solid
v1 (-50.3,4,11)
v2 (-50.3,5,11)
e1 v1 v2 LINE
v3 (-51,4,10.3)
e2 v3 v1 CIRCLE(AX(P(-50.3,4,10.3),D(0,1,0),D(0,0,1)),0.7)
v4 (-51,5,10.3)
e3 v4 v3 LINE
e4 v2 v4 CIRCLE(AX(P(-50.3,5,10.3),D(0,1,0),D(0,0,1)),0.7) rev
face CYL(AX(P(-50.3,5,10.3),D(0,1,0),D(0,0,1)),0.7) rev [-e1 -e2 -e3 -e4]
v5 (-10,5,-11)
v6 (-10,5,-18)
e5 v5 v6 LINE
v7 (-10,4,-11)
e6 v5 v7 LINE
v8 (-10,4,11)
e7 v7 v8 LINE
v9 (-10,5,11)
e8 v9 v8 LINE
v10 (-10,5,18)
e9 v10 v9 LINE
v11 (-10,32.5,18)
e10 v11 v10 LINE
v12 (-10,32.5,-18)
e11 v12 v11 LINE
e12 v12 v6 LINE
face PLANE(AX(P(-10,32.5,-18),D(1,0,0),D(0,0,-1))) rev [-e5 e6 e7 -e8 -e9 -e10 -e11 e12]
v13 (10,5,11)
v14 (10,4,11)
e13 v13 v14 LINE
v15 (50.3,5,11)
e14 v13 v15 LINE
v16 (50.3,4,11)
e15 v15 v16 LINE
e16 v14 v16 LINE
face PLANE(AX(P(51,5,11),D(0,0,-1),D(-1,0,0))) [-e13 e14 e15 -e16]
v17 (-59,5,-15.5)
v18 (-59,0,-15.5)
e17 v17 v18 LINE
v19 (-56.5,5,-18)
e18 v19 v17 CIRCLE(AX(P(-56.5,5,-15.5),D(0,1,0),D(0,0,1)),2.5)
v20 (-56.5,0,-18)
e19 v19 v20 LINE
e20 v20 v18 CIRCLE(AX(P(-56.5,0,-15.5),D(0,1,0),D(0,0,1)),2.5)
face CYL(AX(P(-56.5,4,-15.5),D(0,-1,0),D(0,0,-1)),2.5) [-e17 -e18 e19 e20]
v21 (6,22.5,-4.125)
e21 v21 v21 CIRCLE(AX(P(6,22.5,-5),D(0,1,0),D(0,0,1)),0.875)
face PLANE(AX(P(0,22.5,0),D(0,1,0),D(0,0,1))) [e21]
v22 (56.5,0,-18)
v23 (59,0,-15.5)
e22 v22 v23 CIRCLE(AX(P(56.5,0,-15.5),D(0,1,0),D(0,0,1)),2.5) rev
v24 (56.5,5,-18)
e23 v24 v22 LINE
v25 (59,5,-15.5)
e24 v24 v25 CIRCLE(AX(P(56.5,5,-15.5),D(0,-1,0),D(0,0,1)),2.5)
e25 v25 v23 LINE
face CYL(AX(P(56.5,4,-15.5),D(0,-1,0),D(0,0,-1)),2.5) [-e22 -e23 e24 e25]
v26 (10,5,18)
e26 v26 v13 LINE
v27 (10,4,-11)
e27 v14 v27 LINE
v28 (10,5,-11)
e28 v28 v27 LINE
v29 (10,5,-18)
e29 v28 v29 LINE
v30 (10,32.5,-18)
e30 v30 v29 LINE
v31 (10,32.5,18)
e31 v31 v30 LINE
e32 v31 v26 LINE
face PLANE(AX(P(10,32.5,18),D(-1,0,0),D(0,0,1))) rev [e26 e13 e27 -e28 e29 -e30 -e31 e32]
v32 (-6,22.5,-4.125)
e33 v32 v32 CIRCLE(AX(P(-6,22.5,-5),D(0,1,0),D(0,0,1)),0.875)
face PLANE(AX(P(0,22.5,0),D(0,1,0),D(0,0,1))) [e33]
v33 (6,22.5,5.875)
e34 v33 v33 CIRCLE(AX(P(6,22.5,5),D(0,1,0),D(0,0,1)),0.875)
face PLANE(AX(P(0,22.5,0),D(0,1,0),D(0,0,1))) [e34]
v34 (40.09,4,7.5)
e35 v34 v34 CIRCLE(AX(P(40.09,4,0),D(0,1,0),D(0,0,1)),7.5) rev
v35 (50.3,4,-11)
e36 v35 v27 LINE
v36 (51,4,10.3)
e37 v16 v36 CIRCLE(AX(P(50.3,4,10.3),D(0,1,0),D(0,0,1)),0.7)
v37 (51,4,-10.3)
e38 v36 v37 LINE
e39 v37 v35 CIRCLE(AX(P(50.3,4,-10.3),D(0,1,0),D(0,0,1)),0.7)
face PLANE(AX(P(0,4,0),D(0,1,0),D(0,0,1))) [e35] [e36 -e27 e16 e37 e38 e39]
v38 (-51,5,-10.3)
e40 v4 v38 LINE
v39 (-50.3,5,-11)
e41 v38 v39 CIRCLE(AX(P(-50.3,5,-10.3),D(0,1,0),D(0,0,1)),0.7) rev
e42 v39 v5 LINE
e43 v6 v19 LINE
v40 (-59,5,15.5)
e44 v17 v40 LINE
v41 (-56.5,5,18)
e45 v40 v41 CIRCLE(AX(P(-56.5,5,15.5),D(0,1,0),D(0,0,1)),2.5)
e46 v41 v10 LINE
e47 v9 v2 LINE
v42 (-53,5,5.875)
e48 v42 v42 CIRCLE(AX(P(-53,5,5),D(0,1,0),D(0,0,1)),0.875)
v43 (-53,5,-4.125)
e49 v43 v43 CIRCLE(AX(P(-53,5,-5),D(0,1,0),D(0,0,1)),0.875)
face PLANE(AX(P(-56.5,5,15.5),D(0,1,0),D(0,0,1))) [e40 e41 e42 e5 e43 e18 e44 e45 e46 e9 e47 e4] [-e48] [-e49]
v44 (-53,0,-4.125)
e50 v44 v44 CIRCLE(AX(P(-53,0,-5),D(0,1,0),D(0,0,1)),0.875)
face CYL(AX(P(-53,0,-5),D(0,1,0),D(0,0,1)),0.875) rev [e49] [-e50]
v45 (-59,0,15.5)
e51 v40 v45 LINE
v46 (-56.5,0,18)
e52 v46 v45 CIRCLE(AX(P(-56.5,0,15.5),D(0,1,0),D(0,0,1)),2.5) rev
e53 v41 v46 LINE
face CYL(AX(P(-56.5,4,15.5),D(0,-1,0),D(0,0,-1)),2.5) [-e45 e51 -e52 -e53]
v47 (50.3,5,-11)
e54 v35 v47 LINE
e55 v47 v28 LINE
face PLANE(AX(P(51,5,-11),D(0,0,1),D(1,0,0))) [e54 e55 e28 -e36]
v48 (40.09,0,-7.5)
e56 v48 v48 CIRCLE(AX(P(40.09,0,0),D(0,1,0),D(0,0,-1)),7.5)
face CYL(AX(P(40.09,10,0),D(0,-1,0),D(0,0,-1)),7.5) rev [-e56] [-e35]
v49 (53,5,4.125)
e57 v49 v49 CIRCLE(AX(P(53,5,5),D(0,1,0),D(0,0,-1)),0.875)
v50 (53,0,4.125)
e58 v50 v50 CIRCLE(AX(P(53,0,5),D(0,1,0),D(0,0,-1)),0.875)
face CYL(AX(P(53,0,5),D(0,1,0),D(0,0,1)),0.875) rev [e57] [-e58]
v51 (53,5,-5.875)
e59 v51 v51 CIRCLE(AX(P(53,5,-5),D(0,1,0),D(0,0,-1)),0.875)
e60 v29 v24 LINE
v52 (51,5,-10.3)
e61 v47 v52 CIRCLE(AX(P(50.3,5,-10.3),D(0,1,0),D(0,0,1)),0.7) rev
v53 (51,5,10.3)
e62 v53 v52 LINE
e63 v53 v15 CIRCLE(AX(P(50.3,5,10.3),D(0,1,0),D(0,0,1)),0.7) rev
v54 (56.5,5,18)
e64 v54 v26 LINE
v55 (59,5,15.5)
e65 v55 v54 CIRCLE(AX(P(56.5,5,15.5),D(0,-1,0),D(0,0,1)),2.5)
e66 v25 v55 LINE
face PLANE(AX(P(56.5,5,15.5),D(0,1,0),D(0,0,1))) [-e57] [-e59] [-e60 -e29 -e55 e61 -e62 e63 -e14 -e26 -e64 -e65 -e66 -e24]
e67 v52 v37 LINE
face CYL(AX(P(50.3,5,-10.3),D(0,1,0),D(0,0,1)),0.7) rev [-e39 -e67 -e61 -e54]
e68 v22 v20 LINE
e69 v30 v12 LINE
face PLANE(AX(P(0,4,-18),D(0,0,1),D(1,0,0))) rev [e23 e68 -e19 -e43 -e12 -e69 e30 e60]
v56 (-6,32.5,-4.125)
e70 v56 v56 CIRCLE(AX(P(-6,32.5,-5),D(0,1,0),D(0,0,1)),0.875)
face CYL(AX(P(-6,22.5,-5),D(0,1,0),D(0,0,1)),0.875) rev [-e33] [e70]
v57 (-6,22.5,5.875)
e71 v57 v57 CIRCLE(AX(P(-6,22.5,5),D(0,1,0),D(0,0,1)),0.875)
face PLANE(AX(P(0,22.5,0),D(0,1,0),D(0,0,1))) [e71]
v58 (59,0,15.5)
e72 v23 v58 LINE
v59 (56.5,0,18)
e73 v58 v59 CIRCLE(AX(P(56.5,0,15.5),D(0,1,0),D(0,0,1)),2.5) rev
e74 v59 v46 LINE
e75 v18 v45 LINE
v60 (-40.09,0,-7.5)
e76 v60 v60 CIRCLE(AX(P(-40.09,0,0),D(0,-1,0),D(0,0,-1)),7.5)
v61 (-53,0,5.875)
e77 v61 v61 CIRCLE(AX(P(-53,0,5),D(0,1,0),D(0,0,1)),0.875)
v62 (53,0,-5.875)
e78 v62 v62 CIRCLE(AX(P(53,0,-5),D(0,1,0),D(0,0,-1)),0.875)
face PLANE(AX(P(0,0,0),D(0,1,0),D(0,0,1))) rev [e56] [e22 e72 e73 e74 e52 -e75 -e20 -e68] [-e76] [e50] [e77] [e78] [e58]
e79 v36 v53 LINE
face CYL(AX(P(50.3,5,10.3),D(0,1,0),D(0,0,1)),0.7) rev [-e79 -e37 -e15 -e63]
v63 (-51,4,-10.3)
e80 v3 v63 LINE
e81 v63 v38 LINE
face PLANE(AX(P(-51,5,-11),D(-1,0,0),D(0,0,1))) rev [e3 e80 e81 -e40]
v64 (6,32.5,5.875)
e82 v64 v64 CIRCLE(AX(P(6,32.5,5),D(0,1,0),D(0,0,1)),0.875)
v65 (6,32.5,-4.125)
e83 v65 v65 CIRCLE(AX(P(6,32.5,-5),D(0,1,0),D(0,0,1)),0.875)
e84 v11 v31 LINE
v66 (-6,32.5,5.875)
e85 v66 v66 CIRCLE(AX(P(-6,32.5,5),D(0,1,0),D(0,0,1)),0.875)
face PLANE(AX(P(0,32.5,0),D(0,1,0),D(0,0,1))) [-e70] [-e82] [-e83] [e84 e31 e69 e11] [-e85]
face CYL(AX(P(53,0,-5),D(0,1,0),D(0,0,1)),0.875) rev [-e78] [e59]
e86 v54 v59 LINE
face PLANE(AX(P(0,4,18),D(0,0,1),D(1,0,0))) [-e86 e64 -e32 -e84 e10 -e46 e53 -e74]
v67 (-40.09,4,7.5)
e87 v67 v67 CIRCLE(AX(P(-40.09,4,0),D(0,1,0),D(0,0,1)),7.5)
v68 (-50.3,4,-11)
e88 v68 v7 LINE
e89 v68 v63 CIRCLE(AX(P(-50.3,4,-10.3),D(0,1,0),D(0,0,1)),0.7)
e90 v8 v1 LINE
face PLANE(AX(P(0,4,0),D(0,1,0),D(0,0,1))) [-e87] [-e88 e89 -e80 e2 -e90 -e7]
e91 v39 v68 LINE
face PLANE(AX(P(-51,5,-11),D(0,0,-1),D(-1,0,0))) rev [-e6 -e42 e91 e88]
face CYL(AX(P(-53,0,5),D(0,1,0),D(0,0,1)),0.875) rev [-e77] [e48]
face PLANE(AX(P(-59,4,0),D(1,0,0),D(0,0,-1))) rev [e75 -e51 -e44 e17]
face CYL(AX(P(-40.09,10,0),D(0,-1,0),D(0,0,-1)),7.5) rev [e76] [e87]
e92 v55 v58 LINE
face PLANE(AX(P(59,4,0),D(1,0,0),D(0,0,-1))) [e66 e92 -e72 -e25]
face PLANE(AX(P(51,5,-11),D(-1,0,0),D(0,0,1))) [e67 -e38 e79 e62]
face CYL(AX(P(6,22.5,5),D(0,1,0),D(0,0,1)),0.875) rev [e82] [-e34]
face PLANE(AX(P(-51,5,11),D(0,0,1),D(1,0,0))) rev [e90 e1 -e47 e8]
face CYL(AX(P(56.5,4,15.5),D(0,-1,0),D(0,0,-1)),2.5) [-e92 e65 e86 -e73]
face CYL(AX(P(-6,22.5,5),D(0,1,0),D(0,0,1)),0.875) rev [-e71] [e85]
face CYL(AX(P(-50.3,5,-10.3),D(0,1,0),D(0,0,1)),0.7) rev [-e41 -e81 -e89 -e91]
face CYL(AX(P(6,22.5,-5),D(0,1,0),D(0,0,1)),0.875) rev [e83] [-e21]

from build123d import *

# Parameters (mm, degrees)
SKETCH1_W            = 20
SKETCH1_H            = 36
BOSS_EXTRUDE1_DEPTH  = 4
SKETCH2_W            = 20
SKETCH2_H            = 36
BOSS_EXTRUDE2_DEPTH  = 28.5
BOSS_EXTRUDE3_DEPTH  = 1
FILLET1_R            = 0.7
FILLET3_R            = 0.7
FILLET3_OF_MIRROR3_R = 0.7
FILLET4_R            = 0.7
SKETCH14_R           = 0.875
CUT_EXTRUDE3_DEPTH   = 68.537026882
SKETCH16_R           = 7.5
CUT_EXTRUDE4_DEPTH   = 10
SKETCH18_R           = 0.875
CUT_EXTRUDE5_DEPTH   = 10


with BuildPart() as part:
    # Sketch1 → Boss-Extrude1 (new body)
    with BuildSketch(Plane(origin=(0, 0, 0), x_dir=(1, 0, 0), z_dir=(0, 1, 0))):
        with BuildLine():
            Line((-10, -18), (-10, 18))
            Line((-10, 18), (-56.5, 18))
            ThreePointArc((-56.5, 18), (-58.267766953, 17.267766953), (-59, 15.5))
            Line((-59, 15.5), (-59, -15.5))
            ThreePointArc((-59, -15.5), (-58.267766953, -17.267766953), (-56.5, -18))
            Line((-56.5, -18), (-10, -18))
        make_face()
        Rectangle(SKETCH1_W, SKETCH1_H)
        with BuildLine():
            ThreePointArc((59, 15.5), (58.267766953, 17.267766953), (56.5, 18))
            Line((56.5, 18), (10, 18))
            Line((10, 18), (10, -18))
            Line((10, -18), (56.5, -18))
            ThreePointArc((56.5, -18), (58.267766953, -17.267766953), (59, -15.5))
            Line((59, -15.5), (59, 15.5))
        make_face()
    extrude(amount=BOSS_EXTRUDE1_DEPTH)

    # Sketch2 → Boss-Extrude2 (add)
    with BuildSketch(Plane(origin=(0, 4, 0), x_dir=(1, 0, 0), z_dir=(0, 1, 0))):
        Rectangle(SKETCH2_W, SKETCH2_H)
    extrude(amount=BOSS_EXTRUDE2_DEPTH)

    # Sketch7 → Boss-Extrude3 (add)
    with BuildSketch(Plane(origin=(0, 4, 0), x_dir=(1, 0, 0), z_dir=(0, 1, 0))):
        with BuildLine():
            Line((-51, 11), (-10, 11))
            Line((-10, 11), (-10, 18))
            Line((-10, 18), (-56.5, 18))
            ThreePointArc((-56.5, 18), (-58.267766953, 17.267766953), (-59, 15.5))
            Line((-59, 15.5), (-59, -15.5))
            ThreePointArc((-59, -15.5), (-58.267766953, -17.267766953), (-56.5, -18))
            Line((-56.5, -18), (-10, -18))
            Line((-10, -18), (-10, -11))
            Line((-10, -11), (-51, -11))
            Line((-51, -11), (-51, 11))
        make_face()
    boss_extrude3 = extrude(amount=BOSS_EXTRUDE3_DEPTH)

    # Fillet1
    fillet1_edges = [part.edges().sort_by_distance(p)[0] for p in [
        (-51, 4.5, -11),
    ]]
    fillet(fillet1_edges, radius=FILLET1_R)

    # Fillet3
    fillet3_edges = [part.edges().sort_by_distance(p)[0] for p in [
        (-51, 4.5, 11),
    ]]
    fillet(fillet3_edges, radius=FILLET3_R)

    # Mirror3: Boss-Extrude3 across plane
    add(boss_extrude3.mirror(Plane(origin=(0, 0, 0), x_dir=(0, 0, 1), z_dir=(1, 0, 0))))

    # Fillet3 of Mirror3
    fillet3_of_mirror3_edges = [part.edges().sort_by_distance(p)[0] for p in [
        (51, 4.5, 11),
    ]]
    fillet(fillet3_of_mirror3_edges, radius=FILLET3_OF_MIRROR3_R)

    # Fillet4
    fillet4_edges = [part.edges().sort_by_distance(p)[0] for p in [
        (51, 4.5, -11),
    ]]
    fillet(fillet4_edges, radius=FILLET4_R)

    # Sketch14 → Cut-Extrude3 (cut, through all)
    with BuildSketch(Plane(origin=(0, 5, 0), x_dir=(1, 0, 0), z_dir=(0, 1, 0))):
        with Locations(Location((-53, -5, 0), (0, 0, 270))):
            Circle(SKETCH14_R)
        with Locations(Location((-53, 5, 0), (0, 0, 270))):
            Circle(SKETCH14_R)
        with Locations(Location((53, -5, 0), (0, 0, 90))):
            Circle(SKETCH14_R)
        with Locations(Location((53, 5, 0), (0, 0, 90))):
            Circle(SKETCH14_R)
    extrude(amount=-CUT_EXTRUDE3_DEPTH, mode=Mode.SUBTRACT)

    # Sketch16 → Cut-Extrude4 (cut)
    with BuildSketch(Plane.XZ):
        with Locations(Location((-40.09, 0, 0), (0, 0, 270))):
            Circle(SKETCH16_R)
    cut_extrude4 = extrude(amount=-CUT_EXTRUDE4_DEPTH, mode=Mode.SUBTRACT)

    # Mirror4: Cut-Extrude4 across plane
    add(cut_extrude4.mirror(Plane.ZY), mode=Mode.SUBTRACT)

    # Sketch18 → Cut-Extrude5 (cut)
    with BuildSketch(Plane(origin=(0, 32.5, 0), x_dir=(1, 0, 0), z_dir=(0, 1, 0))):
        with Locations(Location((-6, -5, 0), (0, 0, 270))):
            Circle(SKETCH18_R)
        with Locations(Location((-6, 5, 0), (0, 0, 270))):
            Circle(SKETCH18_R)
        with Locations(Location((6, 5, 0), (0, 0, 270))):
            Circle(SKETCH18_R)
        with Locations(Location((6, -5, 0), (0, 0, 270))):
            Circle(SKETCH18_R)
    extrude(amount=-CUT_EXTRUDE5_DEPTH, mode=Mode.SUBTRACT)


solid = part.part
